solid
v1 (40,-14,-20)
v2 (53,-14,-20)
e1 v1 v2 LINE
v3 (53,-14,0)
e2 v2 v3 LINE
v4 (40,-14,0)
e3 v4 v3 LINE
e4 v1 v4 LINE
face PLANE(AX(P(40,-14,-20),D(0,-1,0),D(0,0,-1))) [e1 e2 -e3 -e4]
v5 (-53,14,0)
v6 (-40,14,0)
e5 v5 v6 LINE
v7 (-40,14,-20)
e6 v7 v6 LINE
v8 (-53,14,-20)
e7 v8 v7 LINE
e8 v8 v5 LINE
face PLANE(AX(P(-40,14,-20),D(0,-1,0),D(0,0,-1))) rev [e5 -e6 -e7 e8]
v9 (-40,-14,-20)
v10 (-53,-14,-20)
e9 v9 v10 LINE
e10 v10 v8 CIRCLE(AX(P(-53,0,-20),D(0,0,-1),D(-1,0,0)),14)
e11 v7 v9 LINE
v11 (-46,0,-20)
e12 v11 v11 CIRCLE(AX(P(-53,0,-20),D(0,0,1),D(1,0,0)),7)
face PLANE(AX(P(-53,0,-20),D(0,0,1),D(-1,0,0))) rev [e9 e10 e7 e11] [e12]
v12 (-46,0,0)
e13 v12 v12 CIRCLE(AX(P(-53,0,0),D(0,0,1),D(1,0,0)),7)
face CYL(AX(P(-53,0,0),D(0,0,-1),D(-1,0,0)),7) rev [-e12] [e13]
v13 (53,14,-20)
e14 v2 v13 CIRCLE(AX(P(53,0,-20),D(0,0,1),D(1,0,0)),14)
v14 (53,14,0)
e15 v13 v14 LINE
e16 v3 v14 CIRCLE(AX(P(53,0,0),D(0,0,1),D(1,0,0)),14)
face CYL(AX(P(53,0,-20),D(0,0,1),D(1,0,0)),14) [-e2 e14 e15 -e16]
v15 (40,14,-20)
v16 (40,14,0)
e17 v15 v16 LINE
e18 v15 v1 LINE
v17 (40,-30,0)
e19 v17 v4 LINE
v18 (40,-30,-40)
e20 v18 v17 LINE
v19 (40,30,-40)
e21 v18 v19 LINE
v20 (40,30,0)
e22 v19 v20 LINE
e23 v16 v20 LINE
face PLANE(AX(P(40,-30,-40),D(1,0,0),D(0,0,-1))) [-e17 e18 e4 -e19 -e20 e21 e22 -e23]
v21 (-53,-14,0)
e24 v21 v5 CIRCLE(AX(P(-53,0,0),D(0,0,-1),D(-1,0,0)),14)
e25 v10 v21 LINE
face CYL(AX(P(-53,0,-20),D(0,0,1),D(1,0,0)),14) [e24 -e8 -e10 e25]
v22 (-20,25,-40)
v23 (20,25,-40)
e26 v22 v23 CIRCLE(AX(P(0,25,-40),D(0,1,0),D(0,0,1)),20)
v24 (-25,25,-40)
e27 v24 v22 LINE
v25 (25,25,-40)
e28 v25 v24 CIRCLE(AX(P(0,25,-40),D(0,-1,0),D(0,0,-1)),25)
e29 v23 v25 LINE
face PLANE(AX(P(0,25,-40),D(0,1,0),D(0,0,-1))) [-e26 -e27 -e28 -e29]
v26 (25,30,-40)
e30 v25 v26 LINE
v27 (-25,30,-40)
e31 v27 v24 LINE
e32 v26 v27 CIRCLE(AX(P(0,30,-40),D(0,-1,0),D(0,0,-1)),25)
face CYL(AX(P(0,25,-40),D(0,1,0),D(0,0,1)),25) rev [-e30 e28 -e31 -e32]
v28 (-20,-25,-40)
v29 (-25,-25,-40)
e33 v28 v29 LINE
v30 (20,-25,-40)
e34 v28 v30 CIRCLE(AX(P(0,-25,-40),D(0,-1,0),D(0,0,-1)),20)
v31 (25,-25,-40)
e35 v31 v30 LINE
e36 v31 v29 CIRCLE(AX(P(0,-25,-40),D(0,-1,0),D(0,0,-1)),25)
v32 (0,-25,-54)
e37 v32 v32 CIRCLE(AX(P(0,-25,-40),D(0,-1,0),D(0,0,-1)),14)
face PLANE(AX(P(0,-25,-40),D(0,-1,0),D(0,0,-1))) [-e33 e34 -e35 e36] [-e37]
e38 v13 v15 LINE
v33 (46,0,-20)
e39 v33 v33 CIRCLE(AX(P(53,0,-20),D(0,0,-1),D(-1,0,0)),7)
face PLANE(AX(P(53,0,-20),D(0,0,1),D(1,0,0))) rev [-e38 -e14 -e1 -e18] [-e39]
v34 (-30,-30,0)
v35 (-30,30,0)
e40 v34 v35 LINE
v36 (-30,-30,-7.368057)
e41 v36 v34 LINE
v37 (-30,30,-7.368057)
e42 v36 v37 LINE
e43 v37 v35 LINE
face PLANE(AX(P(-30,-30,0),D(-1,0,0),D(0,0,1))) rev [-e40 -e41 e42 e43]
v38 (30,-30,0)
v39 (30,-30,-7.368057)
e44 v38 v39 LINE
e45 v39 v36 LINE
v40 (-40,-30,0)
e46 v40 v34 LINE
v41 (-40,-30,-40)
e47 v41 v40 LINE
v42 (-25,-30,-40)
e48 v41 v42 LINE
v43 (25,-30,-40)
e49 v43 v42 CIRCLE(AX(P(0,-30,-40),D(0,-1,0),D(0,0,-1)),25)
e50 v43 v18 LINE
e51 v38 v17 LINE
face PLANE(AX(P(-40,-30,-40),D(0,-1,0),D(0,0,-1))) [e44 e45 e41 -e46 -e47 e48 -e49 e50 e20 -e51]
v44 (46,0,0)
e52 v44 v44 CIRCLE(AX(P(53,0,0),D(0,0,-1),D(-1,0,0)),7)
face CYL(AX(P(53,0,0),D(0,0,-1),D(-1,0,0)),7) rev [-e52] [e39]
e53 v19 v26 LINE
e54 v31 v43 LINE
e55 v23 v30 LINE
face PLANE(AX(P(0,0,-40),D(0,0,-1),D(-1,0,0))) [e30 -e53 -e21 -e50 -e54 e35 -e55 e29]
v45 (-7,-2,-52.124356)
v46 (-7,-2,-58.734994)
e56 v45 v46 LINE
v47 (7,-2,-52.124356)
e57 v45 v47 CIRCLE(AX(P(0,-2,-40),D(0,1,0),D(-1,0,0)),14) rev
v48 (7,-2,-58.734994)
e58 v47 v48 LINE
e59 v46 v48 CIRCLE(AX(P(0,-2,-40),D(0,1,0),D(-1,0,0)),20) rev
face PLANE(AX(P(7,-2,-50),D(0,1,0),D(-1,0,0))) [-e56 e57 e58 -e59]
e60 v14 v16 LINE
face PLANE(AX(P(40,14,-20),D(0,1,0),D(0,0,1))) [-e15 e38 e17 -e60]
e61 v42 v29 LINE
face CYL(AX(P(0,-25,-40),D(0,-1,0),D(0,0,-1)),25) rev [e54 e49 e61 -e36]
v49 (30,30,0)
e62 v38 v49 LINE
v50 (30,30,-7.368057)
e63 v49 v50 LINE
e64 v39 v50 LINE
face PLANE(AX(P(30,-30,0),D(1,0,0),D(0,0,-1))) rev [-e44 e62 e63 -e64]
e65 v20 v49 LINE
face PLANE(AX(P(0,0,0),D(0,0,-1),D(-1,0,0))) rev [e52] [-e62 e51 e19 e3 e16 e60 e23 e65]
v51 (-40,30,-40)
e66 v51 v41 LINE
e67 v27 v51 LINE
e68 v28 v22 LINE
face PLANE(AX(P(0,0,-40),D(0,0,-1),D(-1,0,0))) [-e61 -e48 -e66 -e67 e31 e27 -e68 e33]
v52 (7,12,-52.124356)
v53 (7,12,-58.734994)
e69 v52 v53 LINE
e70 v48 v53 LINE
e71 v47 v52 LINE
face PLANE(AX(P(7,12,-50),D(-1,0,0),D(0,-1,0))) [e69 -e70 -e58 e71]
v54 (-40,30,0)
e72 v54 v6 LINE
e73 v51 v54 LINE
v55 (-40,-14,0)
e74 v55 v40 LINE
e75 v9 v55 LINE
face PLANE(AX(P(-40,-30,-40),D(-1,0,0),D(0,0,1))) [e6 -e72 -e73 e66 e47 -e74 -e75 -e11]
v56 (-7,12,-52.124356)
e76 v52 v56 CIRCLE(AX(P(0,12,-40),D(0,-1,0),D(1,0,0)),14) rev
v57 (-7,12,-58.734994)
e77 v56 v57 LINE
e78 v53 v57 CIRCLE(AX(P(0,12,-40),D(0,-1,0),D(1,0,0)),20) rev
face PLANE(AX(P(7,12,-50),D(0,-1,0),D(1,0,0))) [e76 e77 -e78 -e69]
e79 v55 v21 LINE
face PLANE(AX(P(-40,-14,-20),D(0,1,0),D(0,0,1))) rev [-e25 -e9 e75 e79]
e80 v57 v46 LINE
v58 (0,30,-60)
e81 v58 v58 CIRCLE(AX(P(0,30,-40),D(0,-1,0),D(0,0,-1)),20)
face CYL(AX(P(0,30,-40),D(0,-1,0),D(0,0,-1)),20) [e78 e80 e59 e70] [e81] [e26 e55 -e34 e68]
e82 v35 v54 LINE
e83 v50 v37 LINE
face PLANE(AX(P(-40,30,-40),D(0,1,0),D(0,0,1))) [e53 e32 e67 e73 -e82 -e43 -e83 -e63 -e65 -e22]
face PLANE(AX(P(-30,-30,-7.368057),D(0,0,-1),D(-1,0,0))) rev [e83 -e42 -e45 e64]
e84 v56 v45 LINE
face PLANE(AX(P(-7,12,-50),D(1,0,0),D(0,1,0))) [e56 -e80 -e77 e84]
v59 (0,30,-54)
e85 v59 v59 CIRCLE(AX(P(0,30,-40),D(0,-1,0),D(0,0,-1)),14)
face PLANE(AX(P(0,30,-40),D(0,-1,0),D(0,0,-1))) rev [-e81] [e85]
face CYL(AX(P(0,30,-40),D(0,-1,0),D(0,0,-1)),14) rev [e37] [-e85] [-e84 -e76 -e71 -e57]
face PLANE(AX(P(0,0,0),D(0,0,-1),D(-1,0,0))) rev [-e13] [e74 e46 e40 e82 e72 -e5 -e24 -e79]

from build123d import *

# Parameters (mm, degrees)
SKETCH1_W           = 80
SKETCH1_H           = 60
BOSS_EXTRUDE1_DEPTH = 40
SKETCH2_W           = 60
SKETCH2_H           = 7.368056933
CUT_EXTRUDE1_DEPTH  = 83.462112512
BOSS_EXTRUDE2_DEPTH = 20
SKETCH5_R           = 7
CUT_EXTRUDE2_DEPTH  = 77.085478247
SKETCH6_R           = 25
CUT_EXTRUDE3_DEPTH  = 5
SKETCH7_R           = 20
BOSS_EXTRUDE3_DEPTH = 55
SKETCH8_R           = 14
CUT_EXTRUDE4_DEPTH  = 106.422957652
SKETCH11_W          = 14
SKETCH11_H          = 14
CUT_EXTRUDE5_DEPTH  = 10


with BuildPart() as part:
    # Sketch1 → Boss-Extrude1 (new body)
    with BuildSketch(Plane.XY):
        Rectangle(SKETCH1_W, SKETCH1_H)
    extrude(amount=-BOSS_EXTRUDE1_DEPTH)

    # Sketch2 → Cut-Extrude1 (cut, through all)
    with BuildSketch(Plane(origin=(0, 30, 0), x_dir=(1, 0, 0), z_dir=(0, 1, 0))):
        with Locations((0, 3.684028467)):
            Rectangle(SKETCH2_W, SKETCH2_H)
    extrude(amount=-CUT_EXTRUDE1_DEPTH, mode=Mode.SUBTRACT)

    # Sketch4 → Boss-Extrude2 (add)
    with BuildSketch(Plane.XY):
        with BuildLine():
            Line((40, -14), (53, -14))
            ThreePointArc((53, -14), (67, 0), (53, 14))
            Line((53, 14), (40, 14))
            Line((40, 14), (40, -14))
        make_face()
    boss_extrude2 = extrude(amount=-BOSS_EXTRUDE2_DEPTH)

    # Sketch5 → Cut-Extrude2 (cut, through all)
    with BuildSketch(Plane(origin=(0, 0, -20), x_dir=(-1, 0, 0), z_dir=(0, 0, -1))):
        with Locations((-53, 0)):
            Circle(SKETCH5_R)
    cut_extrude2 = extrude(amount=-CUT_EXTRUDE2_DEPTH, mode=Mode.SUBTRACT)

    # Mirror1: Boss-Extrude2, Cut-Extrude2 across plane
    add(boss_extrude2.mirror(Plane(origin=(0, 0, 0), x_dir=(0, 0, 1), z_dir=(1, 0, 0))))
    add(cut_extrude2.mirror(Plane(origin=(0, 0, 0), x_dir=(0, 0, 1), z_dir=(1, 0, 0))), mode=Mode.SUBTRACT)

    # Sketch6 → Cut-Extrude3 (cut)
    with BuildSketch(Plane.XZ.offset(30)):
        with Locations((0, -40)):
            Circle(SKETCH6_R)
    cut_extrude3 = extrude(amount=-CUT_EXTRUDE3_DEPTH, mode=Mode.SUBTRACT)

    # Mirror2: Cut-Extrude3 across plane
    add(cut_extrude3.mirror(Plane.ZX), mode=Mode.SUBTRACT)

    # Sketch7 → Boss-Extrude3 (add, through all)
    with BuildSketch(Plane.XZ.offset(25)):
        with Locations(Location((0, -40, 0), (0, 0, 270))):
            Circle(SKETCH7_R)
    extrude(amount=-BOSS_EXTRUDE3_DEPTH)

    # Sketch8 → Cut-Extrude4 (cut, through all)
    with BuildSketch(Plane.XZ.offset(25)):
        with Locations(Location((0, -40, 0), (0, 0, 270))):
            Circle(SKETCH8_R)
    extrude(amount=-CUT_EXTRUDE4_DEPTH, mode=Mode.SUBTRACT)

    # Sketch11 → Cut-Extrude5 (cut)
    with BuildSketch(Plane.XY.offset(-60)):
        with Locations((0, 5)):
            Rectangle(SKETCH11_W, SKETCH11_H)
    extrude(amount=CUT_EXTRUDE5_DEPTH, mode=Mode.SUBTRACT)


solid = part.part
